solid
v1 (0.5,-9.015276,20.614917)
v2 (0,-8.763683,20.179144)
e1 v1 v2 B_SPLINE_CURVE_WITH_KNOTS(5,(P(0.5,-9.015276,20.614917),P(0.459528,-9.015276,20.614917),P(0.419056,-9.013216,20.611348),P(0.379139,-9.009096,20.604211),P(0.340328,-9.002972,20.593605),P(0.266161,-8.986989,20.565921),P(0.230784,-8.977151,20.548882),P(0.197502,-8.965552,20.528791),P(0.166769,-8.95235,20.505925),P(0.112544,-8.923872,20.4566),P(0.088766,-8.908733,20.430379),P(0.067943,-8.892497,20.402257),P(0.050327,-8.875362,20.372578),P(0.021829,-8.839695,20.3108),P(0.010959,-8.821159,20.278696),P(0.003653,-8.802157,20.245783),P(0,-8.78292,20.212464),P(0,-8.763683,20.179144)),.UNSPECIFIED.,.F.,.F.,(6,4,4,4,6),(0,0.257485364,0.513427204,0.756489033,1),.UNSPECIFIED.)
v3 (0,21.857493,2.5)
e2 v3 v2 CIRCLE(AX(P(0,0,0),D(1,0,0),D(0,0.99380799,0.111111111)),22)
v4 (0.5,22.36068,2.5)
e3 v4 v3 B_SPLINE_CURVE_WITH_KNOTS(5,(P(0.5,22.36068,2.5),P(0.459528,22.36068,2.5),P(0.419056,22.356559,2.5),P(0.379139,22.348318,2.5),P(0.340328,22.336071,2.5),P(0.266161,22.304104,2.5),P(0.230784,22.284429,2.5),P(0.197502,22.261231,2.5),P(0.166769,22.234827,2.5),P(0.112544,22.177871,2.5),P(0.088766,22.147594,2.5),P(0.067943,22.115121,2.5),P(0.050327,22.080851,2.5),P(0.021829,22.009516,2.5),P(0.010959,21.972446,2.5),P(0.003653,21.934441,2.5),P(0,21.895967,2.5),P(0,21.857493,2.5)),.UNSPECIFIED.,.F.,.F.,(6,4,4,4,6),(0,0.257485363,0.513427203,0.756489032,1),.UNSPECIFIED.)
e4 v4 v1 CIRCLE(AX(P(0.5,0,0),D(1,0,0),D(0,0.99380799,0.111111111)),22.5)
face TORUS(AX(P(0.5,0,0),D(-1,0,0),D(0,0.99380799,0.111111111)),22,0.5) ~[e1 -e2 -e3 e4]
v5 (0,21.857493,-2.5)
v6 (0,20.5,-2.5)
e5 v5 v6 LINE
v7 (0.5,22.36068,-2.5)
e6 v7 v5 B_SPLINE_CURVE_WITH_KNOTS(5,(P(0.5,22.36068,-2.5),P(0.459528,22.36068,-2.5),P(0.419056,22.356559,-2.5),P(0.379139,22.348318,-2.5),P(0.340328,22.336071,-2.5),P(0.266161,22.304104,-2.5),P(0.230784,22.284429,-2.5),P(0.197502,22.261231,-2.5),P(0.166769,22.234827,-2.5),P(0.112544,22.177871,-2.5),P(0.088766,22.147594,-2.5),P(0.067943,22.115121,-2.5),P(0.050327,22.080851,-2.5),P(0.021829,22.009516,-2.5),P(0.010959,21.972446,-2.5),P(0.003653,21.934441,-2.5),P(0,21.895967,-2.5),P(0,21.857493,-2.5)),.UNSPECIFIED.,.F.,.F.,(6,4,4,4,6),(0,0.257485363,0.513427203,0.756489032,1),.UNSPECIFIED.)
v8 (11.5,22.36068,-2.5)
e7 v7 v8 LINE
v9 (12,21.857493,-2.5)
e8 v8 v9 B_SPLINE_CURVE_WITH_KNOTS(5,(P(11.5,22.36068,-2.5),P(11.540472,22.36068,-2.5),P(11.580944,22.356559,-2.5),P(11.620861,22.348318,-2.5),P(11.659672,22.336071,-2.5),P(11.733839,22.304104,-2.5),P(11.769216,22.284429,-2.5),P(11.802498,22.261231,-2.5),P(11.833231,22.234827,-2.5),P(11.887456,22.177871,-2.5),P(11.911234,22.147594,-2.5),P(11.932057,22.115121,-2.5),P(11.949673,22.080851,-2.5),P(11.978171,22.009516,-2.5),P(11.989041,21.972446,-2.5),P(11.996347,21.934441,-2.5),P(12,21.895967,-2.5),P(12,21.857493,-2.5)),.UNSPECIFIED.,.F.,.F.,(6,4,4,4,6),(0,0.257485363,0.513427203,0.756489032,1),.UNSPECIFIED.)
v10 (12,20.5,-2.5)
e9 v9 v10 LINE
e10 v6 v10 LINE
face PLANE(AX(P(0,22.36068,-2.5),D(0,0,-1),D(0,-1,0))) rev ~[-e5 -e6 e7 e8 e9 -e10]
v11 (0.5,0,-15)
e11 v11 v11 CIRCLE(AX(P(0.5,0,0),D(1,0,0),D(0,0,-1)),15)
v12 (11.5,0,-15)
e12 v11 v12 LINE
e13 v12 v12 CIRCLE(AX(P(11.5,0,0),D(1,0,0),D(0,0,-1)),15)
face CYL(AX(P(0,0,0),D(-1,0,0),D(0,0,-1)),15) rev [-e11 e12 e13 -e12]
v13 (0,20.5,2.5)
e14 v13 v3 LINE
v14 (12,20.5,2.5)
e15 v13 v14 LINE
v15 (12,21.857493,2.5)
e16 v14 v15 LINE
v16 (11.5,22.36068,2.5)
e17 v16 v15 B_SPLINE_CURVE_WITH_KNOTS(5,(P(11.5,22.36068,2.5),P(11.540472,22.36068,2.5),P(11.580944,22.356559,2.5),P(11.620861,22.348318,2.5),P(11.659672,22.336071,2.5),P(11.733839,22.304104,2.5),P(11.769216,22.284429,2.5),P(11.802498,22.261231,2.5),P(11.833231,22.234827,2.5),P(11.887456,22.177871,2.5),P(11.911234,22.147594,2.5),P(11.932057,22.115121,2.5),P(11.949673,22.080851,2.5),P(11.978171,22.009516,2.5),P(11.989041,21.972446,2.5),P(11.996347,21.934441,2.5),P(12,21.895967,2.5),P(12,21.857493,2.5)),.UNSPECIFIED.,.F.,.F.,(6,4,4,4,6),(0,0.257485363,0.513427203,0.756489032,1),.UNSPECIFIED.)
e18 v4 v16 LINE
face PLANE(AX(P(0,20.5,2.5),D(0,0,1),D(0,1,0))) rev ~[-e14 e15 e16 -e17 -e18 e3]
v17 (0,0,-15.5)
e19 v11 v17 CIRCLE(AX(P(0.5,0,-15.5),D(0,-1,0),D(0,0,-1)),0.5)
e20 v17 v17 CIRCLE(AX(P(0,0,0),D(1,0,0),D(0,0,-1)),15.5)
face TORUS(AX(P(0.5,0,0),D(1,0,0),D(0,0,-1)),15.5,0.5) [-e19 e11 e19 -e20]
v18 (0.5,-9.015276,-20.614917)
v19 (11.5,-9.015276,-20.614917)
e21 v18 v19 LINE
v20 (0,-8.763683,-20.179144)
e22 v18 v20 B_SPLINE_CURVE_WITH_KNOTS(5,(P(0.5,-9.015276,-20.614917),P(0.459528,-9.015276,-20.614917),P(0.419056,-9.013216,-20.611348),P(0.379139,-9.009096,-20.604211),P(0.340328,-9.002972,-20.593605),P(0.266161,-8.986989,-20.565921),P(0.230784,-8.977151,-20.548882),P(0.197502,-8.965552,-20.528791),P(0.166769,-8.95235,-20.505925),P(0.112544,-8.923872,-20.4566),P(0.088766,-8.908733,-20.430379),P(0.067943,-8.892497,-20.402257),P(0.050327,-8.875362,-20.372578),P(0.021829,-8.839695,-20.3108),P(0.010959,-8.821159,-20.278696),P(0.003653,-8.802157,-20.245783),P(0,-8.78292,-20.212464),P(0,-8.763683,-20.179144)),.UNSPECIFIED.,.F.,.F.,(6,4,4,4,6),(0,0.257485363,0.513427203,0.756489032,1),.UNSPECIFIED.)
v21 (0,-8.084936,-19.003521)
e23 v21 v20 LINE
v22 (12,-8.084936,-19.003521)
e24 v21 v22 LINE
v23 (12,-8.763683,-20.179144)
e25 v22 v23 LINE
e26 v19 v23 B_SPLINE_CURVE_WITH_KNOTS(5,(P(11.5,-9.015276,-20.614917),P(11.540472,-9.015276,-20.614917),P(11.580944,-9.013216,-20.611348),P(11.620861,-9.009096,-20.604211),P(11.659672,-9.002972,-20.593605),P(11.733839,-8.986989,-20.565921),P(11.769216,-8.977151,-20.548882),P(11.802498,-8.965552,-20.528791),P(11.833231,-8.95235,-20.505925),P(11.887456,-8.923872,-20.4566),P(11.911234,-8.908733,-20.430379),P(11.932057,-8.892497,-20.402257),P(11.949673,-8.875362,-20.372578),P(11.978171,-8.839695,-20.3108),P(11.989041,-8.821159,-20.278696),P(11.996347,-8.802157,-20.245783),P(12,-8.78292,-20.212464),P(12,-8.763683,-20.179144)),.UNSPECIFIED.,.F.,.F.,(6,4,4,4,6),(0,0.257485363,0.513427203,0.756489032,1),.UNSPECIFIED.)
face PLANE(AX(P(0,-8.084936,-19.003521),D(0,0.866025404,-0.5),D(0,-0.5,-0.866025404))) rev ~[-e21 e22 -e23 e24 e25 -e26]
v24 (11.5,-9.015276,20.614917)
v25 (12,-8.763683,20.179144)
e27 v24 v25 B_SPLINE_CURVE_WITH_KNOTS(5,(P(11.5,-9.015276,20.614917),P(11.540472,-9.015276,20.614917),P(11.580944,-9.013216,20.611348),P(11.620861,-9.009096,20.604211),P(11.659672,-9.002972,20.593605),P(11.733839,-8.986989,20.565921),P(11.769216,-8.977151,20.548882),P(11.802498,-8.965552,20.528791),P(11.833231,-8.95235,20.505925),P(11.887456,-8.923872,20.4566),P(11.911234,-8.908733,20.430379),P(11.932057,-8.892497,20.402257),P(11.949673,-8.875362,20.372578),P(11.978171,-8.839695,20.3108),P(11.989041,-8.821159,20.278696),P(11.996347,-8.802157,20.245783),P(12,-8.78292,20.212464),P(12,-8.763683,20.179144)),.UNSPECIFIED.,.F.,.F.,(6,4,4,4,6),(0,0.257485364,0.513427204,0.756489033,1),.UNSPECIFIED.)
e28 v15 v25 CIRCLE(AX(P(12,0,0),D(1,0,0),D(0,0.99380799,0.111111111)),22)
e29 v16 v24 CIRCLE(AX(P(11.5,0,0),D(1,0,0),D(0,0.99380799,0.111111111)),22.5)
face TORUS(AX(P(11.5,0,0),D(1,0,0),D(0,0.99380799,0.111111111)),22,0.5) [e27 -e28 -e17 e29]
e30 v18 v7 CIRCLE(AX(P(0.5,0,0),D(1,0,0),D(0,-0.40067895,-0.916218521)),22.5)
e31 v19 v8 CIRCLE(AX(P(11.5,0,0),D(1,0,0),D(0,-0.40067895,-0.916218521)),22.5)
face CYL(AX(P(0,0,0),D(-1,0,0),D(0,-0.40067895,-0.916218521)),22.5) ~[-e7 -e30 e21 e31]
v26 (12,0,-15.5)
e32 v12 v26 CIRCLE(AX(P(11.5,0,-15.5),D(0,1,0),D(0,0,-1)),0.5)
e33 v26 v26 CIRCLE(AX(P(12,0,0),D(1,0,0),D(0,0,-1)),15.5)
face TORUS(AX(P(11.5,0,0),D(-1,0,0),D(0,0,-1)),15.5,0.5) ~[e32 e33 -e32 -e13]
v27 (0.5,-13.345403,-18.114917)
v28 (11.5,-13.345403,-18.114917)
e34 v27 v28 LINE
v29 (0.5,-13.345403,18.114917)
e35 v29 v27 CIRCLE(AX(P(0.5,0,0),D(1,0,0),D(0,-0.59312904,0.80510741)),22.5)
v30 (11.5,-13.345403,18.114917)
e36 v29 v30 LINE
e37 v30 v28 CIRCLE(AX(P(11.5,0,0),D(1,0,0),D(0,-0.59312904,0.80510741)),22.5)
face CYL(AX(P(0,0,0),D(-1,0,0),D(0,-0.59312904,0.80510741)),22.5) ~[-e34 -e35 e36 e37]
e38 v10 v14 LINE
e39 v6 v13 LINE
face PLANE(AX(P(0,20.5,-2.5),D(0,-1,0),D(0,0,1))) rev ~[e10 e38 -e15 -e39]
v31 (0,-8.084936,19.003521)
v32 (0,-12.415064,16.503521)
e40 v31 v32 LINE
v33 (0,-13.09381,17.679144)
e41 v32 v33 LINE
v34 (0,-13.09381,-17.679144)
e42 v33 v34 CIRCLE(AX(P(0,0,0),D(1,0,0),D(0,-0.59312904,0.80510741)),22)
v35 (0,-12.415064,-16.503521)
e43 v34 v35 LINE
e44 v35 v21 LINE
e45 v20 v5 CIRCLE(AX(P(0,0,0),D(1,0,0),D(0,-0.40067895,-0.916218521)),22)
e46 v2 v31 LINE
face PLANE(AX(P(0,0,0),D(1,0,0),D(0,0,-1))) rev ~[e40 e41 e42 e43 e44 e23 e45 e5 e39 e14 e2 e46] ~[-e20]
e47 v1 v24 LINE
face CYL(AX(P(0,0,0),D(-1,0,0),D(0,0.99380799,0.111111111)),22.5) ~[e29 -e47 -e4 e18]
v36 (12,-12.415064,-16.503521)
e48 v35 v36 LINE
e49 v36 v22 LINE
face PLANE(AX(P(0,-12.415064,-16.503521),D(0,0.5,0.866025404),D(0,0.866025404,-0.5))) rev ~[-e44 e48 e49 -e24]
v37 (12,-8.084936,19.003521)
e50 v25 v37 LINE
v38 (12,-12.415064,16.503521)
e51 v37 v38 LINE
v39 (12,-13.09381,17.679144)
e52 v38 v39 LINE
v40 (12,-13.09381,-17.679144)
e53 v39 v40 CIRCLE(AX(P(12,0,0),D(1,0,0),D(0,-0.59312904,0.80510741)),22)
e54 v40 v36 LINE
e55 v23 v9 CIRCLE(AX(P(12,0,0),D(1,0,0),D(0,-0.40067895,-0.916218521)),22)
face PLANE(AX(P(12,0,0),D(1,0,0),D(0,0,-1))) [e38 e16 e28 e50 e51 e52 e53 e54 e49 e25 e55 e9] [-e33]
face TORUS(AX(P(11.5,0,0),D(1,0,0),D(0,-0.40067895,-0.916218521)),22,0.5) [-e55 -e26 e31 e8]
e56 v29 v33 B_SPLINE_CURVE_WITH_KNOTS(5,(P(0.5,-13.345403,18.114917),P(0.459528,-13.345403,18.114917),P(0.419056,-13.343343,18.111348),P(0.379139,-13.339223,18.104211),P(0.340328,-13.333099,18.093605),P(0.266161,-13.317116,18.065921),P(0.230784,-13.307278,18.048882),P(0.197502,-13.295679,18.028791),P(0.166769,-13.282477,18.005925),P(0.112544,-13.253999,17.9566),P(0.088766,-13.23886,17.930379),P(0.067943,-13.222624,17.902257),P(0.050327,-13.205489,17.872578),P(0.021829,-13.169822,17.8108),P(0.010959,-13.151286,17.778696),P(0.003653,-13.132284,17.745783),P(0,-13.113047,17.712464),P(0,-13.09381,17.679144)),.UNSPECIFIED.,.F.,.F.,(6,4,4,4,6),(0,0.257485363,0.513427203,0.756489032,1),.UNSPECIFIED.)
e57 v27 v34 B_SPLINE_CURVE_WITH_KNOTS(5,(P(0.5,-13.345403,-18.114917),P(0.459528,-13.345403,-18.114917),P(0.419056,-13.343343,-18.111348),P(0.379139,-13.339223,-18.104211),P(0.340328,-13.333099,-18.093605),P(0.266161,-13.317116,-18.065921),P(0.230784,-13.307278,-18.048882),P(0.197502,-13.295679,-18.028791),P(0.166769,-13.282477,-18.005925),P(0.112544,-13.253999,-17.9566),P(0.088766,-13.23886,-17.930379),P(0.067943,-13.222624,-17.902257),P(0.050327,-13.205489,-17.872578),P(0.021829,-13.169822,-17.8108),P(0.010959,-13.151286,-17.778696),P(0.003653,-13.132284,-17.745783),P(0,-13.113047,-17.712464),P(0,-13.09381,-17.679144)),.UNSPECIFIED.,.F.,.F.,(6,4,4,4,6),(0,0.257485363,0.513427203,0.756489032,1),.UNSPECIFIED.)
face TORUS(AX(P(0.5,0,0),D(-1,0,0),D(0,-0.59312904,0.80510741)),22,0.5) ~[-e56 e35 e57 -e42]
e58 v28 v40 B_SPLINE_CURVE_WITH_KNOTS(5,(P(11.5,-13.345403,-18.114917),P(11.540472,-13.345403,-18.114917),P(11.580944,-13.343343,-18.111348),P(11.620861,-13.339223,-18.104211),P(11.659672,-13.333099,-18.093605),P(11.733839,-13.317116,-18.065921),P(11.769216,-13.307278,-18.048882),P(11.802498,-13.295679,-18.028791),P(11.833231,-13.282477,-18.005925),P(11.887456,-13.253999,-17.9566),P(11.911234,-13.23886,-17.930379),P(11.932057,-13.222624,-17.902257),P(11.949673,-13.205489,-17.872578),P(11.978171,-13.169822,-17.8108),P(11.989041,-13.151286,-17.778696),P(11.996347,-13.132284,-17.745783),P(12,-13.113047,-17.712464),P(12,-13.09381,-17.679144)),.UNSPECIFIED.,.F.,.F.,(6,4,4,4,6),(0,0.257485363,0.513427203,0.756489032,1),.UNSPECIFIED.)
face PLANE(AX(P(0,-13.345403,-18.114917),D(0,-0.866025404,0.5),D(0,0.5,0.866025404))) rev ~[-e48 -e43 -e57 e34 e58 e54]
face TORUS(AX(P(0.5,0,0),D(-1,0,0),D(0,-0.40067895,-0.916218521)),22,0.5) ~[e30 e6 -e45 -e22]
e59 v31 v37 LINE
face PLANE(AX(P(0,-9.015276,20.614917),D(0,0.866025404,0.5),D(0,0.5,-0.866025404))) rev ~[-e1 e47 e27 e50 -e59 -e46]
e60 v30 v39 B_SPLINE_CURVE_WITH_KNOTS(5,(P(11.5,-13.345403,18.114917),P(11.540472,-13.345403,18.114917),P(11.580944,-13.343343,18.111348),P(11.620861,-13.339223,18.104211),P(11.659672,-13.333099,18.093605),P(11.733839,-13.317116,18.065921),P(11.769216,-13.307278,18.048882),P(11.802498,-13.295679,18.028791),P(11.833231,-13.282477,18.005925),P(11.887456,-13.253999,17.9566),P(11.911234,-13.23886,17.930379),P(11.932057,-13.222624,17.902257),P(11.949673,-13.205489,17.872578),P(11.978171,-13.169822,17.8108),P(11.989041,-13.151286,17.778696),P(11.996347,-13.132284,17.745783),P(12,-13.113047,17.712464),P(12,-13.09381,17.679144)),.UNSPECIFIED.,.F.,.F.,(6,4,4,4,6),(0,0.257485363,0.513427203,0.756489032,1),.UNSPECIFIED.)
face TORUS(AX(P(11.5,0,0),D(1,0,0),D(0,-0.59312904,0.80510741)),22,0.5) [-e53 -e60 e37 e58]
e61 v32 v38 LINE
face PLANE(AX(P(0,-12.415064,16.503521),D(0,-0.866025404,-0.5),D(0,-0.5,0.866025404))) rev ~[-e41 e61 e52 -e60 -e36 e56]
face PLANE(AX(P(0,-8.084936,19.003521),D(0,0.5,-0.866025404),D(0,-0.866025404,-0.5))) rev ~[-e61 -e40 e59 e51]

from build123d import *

# Parameters (mm, degrees)
SKETCH_7_R      = 15
EXTRUDE_2_DEPTH = 12
FILLET_1_R      = 0.5


with BuildPart() as part:
    # Sketch 7 → Extrude 2 (new body)
    with BuildSketch(Plane(origin=(0, 0, 0), x_dir=(0, 0, -1), z_dir=(1, 0, 0))):
        with BuildLine():
            Line((18.114916731, -13.345403397), (16.503520778, -12.415063509))
            Line((16.503520778, -12.415063509), (19.003520778, -8.084936491))
            Line((19.003520778, -8.084936491), (20.614916731, -9.015276378))
            ThreePointArc((20.614916731, -9.015276378), (19.485571585, 11.25), (2.5, 22.360679775))
            Line((2.5, 22.360679775), (2.5, 20.5))
            Line((2.5, 20.5), (-2.5, 20.5))
            Line((-2.5, 20.5), (-2.5, 22.360679775))
            ThreePointArc((-2.5, 22.360679775), (-19.485571585, 11.25), (-20.614916731, -9.015276378))
            Line((-20.614916731, -9.015276378), (-19.003520778, -8.084936491))
            Line((-19.003520778, -8.084936491), (-16.503520778, -12.415063509))
            Line((-16.503520778, -12.415063509), (-18.114916731, -13.345403397))
            ThreePointArc((-18.114916731, -13.345403397), (0, -22.5), (18.114916731, -13.345403397))
        make_face()
        Circle(SKETCH_7_R, mode=Mode.SUBTRACT)
    extrude(amount=EXTRUDE_2_DEPTH)

    # Fillet 1
    fillet_1_edges = [part.edges().sort_by_distance(p)[0] for p in [
        (0, -22.5, 0),
        (0, 11.25, 19.485571585),
        (0, 11.25, -19.485571585),
        (12, 11.25, 19.485571585),
        (0, 0, 15),
        (12, 0, 15),
        (12, -22.5, 0),
        (12, 11.25, -19.485571585),
    ]]
    fillet(fillet_1_edges, radius=FILLET_1_R)


solid = part.part
